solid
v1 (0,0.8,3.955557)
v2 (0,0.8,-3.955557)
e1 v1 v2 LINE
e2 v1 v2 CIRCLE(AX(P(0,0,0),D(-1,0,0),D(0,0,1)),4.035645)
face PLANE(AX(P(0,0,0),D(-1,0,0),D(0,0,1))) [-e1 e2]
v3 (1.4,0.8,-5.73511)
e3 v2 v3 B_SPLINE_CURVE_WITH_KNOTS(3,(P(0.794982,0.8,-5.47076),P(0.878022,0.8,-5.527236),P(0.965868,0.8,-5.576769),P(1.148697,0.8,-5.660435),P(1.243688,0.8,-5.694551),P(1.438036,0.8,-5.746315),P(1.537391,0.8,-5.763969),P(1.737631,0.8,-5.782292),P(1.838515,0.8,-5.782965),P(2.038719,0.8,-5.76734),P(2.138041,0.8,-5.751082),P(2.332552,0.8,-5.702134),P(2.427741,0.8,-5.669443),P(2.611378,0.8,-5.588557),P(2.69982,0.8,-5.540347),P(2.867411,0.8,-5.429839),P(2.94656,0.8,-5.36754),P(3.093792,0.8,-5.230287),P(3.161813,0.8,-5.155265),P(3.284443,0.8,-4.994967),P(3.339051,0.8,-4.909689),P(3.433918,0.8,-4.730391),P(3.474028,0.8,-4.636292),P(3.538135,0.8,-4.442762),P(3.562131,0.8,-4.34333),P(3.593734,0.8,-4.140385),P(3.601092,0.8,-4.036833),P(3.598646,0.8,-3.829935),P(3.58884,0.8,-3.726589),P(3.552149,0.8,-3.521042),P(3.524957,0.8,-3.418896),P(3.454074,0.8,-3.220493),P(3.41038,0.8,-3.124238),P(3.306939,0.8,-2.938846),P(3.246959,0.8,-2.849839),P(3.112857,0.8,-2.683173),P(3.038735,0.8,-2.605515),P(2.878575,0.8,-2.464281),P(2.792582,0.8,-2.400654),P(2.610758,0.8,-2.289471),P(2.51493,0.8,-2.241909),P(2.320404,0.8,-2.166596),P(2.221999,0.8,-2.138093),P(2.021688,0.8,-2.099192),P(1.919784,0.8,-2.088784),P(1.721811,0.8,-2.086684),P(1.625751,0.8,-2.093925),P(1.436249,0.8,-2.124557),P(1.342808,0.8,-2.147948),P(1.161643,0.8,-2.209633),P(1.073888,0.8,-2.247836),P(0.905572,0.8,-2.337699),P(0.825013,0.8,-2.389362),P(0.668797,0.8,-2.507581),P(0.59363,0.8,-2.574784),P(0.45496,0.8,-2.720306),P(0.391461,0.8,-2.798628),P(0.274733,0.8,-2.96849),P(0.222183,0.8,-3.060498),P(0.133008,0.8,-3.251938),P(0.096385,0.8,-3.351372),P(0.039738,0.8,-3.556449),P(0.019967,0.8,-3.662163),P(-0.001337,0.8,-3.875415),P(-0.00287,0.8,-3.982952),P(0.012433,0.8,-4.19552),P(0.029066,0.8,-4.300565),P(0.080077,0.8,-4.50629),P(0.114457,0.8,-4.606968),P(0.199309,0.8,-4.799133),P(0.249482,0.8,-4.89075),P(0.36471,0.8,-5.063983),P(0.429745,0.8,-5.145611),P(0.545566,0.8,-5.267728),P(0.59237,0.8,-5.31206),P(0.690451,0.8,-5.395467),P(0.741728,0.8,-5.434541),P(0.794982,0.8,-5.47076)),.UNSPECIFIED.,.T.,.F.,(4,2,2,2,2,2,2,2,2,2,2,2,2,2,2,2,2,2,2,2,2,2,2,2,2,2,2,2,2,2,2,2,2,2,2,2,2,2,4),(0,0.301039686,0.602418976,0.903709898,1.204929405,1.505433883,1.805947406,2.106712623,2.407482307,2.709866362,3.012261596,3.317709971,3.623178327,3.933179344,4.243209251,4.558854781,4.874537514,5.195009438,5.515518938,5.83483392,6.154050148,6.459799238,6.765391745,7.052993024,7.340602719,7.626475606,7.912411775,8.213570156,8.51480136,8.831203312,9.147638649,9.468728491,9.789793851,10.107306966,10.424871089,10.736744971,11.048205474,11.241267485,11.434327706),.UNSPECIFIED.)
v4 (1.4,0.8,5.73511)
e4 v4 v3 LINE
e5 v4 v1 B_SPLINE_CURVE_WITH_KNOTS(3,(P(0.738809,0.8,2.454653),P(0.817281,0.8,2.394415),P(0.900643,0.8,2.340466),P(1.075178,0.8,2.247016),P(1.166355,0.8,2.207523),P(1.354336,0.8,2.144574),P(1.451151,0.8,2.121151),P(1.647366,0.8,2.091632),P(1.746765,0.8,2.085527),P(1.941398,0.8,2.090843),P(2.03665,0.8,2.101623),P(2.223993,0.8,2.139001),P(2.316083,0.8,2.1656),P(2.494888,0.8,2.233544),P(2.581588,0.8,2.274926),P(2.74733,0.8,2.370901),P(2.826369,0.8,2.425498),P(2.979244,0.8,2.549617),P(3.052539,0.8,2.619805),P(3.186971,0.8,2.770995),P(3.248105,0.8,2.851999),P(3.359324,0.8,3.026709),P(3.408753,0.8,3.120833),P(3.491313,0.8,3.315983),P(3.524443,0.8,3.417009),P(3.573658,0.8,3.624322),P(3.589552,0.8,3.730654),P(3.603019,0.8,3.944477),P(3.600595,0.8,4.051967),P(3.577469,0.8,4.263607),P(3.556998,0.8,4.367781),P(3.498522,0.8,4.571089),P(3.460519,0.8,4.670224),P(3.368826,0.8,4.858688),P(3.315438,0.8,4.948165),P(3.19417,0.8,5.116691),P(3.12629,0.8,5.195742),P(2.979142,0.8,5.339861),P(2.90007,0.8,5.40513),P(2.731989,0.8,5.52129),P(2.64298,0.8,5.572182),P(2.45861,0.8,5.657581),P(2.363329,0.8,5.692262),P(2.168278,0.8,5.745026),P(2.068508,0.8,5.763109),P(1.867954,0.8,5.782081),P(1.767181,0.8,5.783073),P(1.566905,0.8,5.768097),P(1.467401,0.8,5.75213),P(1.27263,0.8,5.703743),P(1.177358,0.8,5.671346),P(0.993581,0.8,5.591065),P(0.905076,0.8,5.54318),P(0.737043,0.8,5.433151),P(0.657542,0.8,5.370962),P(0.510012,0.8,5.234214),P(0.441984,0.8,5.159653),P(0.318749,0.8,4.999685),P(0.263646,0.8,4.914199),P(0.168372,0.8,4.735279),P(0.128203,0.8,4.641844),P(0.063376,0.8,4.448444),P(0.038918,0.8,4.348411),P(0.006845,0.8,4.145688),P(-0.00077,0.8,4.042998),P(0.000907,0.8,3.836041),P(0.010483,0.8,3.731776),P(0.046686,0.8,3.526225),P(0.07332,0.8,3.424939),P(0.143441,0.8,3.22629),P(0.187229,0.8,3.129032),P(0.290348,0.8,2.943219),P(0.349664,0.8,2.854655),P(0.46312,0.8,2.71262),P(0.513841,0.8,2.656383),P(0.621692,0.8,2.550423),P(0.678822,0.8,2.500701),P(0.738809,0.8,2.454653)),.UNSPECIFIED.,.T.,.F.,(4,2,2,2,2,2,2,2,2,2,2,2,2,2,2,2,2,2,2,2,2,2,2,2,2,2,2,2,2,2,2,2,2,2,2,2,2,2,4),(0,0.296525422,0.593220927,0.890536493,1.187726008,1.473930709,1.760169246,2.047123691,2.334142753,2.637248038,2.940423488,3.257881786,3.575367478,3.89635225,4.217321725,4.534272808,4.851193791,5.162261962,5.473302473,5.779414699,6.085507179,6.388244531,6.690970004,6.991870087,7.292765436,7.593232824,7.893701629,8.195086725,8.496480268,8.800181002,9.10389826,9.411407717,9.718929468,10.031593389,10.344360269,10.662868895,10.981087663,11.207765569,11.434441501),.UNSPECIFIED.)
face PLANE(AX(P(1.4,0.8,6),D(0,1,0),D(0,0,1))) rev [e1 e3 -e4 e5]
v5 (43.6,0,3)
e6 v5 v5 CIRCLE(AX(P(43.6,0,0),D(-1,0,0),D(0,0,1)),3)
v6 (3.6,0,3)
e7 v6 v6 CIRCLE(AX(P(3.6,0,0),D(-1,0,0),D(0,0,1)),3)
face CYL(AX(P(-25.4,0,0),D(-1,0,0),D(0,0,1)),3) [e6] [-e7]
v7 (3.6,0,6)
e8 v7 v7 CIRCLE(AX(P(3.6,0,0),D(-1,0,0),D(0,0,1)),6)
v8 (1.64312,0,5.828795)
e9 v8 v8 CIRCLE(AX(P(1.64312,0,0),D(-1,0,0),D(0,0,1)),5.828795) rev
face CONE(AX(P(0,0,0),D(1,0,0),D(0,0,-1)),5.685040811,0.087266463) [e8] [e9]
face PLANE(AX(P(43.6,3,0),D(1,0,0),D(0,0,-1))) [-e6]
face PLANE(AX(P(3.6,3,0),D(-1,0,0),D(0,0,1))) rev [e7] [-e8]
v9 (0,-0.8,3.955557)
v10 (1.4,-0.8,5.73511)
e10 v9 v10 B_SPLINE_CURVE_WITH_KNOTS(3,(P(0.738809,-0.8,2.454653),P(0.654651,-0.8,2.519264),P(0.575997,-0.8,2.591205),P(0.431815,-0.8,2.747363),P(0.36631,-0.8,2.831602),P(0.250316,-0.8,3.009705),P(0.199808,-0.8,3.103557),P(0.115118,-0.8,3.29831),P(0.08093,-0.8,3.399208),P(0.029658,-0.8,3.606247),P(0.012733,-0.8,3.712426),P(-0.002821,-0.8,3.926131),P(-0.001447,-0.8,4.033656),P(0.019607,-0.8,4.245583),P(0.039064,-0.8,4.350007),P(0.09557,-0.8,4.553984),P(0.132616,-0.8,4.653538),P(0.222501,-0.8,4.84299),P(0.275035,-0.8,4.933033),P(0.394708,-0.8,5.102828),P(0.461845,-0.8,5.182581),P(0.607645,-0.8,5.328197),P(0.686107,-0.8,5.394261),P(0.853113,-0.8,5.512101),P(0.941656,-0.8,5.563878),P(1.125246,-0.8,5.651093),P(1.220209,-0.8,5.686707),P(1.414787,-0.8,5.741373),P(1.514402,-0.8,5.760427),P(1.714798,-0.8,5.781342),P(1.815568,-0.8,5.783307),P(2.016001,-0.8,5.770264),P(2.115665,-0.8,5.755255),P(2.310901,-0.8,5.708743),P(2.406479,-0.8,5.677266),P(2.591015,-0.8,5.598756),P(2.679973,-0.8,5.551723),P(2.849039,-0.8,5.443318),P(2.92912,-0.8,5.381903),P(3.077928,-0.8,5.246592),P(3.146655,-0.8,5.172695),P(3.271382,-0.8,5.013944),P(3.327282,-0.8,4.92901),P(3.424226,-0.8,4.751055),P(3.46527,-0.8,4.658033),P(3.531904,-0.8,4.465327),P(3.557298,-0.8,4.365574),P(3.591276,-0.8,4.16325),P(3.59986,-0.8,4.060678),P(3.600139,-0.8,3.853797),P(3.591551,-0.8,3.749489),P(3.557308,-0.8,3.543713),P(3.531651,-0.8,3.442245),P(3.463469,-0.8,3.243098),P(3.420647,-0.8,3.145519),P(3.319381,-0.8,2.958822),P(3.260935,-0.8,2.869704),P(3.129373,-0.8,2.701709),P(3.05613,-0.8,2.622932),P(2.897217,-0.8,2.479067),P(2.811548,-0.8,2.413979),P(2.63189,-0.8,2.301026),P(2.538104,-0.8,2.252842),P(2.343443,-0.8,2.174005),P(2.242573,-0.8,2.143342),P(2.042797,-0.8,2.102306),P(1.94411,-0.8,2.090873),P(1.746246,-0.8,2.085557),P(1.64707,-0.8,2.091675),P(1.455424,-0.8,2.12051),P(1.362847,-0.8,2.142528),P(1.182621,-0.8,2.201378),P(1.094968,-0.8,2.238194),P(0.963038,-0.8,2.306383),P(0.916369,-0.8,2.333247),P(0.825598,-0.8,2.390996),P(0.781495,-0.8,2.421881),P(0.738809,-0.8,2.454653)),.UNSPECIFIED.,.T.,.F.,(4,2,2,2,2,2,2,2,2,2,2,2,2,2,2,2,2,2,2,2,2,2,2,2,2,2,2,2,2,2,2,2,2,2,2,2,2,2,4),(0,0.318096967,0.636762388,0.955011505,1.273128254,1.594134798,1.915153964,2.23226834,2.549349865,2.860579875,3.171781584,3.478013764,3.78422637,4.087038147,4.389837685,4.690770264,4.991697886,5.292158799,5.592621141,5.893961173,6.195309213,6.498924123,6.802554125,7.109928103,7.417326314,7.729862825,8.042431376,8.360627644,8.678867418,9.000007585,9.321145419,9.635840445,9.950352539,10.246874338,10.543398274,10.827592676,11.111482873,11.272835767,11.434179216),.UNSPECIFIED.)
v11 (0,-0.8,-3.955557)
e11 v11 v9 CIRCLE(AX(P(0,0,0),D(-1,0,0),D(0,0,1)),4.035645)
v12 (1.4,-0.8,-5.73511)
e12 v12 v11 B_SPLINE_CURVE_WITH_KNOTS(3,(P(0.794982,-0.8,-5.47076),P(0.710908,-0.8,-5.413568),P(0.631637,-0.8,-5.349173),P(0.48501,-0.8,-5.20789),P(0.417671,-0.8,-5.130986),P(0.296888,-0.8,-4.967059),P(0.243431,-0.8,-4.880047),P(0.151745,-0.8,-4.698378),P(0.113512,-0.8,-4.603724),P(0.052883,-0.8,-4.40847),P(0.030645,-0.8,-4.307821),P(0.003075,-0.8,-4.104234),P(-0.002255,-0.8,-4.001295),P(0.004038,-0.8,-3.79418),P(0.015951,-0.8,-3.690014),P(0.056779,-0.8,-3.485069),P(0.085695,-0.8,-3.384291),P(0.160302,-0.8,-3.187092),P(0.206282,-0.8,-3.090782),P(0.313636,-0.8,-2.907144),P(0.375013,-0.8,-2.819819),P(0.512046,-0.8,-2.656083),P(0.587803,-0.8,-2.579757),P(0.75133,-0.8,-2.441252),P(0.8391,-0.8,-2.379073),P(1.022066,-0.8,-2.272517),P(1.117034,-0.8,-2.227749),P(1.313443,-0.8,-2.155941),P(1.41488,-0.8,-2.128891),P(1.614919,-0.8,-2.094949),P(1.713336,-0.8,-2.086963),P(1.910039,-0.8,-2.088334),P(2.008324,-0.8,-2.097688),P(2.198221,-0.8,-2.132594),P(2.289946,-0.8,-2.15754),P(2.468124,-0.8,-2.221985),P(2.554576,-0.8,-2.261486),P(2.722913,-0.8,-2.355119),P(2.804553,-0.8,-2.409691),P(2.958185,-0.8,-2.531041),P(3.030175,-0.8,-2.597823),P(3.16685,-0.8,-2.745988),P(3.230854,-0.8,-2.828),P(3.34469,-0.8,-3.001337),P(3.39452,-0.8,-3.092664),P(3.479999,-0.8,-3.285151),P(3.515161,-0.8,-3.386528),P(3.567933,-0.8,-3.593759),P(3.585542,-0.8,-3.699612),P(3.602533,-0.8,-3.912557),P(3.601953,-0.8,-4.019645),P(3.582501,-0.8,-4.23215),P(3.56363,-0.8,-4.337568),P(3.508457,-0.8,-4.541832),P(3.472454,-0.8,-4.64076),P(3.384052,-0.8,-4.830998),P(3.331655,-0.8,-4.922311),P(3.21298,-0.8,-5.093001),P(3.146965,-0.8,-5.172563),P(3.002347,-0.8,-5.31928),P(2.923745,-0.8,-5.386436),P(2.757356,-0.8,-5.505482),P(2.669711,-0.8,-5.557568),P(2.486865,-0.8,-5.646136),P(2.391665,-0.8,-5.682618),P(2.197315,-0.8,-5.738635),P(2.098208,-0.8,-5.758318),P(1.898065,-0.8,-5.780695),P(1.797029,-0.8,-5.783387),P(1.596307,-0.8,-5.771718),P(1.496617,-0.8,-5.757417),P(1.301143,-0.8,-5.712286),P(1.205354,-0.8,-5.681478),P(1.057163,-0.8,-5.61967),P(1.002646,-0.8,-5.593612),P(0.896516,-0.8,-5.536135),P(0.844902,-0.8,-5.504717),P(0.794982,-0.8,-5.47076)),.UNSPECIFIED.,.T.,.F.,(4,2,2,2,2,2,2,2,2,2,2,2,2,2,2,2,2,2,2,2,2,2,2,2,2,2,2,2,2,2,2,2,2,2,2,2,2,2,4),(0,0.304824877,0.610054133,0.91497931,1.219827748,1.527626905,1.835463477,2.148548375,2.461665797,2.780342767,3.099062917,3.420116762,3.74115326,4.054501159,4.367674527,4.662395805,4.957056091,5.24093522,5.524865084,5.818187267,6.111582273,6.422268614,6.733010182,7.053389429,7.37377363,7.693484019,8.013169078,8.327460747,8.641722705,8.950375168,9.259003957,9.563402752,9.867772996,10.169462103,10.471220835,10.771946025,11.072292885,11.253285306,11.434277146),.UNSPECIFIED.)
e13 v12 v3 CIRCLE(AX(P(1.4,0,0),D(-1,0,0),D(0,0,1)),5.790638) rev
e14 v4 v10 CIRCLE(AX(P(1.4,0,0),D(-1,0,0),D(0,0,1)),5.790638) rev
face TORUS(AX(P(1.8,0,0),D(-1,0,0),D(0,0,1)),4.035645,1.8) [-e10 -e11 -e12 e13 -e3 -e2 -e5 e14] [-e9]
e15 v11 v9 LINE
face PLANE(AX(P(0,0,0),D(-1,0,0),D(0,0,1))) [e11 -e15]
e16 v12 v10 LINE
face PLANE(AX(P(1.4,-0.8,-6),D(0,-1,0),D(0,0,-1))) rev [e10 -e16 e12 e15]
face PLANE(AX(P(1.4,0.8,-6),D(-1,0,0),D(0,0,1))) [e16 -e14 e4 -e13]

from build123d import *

# Parameters (mm, degrees)
FILLET2_R  = 1.8
SKETCH2_W  = 12
SKETCH2_H  = 1.6
SLOT_DEPTH = 1.4


with BuildPart() as part:
    # BodySke → Base-Revolve (revolve)
    with BuildSketch(Plane.XY):
        Polygon((3.6, 3), (3.6, 6), (0, 5.685040811), (0, 0), (43.6, 0), (43.6, 3), align=None)
    revolve(axis=Axis((-25.4, 0, 0), (1, 0, 0)))

    # Fillet2
    fillet2_edges = [part.edges().sort_by_distance(p)[0] for p in [
        (0, -5.685040811, 0),
    ]]
    fillet(fillet2_edges, radius=FILLET2_R)

    # Sketch2 → Slot (cut)
    with BuildSketch(Plane(origin=(0, 0, 0), x_dir=(0, 0, -1), z_dir=(1, 0, 0))):
        Rectangle(SKETCH2_W, SKETCH2_H)
    extrude(amount=SLOT_DEPTH, mode=Mode.SUBTRACT)


solid = part.part
